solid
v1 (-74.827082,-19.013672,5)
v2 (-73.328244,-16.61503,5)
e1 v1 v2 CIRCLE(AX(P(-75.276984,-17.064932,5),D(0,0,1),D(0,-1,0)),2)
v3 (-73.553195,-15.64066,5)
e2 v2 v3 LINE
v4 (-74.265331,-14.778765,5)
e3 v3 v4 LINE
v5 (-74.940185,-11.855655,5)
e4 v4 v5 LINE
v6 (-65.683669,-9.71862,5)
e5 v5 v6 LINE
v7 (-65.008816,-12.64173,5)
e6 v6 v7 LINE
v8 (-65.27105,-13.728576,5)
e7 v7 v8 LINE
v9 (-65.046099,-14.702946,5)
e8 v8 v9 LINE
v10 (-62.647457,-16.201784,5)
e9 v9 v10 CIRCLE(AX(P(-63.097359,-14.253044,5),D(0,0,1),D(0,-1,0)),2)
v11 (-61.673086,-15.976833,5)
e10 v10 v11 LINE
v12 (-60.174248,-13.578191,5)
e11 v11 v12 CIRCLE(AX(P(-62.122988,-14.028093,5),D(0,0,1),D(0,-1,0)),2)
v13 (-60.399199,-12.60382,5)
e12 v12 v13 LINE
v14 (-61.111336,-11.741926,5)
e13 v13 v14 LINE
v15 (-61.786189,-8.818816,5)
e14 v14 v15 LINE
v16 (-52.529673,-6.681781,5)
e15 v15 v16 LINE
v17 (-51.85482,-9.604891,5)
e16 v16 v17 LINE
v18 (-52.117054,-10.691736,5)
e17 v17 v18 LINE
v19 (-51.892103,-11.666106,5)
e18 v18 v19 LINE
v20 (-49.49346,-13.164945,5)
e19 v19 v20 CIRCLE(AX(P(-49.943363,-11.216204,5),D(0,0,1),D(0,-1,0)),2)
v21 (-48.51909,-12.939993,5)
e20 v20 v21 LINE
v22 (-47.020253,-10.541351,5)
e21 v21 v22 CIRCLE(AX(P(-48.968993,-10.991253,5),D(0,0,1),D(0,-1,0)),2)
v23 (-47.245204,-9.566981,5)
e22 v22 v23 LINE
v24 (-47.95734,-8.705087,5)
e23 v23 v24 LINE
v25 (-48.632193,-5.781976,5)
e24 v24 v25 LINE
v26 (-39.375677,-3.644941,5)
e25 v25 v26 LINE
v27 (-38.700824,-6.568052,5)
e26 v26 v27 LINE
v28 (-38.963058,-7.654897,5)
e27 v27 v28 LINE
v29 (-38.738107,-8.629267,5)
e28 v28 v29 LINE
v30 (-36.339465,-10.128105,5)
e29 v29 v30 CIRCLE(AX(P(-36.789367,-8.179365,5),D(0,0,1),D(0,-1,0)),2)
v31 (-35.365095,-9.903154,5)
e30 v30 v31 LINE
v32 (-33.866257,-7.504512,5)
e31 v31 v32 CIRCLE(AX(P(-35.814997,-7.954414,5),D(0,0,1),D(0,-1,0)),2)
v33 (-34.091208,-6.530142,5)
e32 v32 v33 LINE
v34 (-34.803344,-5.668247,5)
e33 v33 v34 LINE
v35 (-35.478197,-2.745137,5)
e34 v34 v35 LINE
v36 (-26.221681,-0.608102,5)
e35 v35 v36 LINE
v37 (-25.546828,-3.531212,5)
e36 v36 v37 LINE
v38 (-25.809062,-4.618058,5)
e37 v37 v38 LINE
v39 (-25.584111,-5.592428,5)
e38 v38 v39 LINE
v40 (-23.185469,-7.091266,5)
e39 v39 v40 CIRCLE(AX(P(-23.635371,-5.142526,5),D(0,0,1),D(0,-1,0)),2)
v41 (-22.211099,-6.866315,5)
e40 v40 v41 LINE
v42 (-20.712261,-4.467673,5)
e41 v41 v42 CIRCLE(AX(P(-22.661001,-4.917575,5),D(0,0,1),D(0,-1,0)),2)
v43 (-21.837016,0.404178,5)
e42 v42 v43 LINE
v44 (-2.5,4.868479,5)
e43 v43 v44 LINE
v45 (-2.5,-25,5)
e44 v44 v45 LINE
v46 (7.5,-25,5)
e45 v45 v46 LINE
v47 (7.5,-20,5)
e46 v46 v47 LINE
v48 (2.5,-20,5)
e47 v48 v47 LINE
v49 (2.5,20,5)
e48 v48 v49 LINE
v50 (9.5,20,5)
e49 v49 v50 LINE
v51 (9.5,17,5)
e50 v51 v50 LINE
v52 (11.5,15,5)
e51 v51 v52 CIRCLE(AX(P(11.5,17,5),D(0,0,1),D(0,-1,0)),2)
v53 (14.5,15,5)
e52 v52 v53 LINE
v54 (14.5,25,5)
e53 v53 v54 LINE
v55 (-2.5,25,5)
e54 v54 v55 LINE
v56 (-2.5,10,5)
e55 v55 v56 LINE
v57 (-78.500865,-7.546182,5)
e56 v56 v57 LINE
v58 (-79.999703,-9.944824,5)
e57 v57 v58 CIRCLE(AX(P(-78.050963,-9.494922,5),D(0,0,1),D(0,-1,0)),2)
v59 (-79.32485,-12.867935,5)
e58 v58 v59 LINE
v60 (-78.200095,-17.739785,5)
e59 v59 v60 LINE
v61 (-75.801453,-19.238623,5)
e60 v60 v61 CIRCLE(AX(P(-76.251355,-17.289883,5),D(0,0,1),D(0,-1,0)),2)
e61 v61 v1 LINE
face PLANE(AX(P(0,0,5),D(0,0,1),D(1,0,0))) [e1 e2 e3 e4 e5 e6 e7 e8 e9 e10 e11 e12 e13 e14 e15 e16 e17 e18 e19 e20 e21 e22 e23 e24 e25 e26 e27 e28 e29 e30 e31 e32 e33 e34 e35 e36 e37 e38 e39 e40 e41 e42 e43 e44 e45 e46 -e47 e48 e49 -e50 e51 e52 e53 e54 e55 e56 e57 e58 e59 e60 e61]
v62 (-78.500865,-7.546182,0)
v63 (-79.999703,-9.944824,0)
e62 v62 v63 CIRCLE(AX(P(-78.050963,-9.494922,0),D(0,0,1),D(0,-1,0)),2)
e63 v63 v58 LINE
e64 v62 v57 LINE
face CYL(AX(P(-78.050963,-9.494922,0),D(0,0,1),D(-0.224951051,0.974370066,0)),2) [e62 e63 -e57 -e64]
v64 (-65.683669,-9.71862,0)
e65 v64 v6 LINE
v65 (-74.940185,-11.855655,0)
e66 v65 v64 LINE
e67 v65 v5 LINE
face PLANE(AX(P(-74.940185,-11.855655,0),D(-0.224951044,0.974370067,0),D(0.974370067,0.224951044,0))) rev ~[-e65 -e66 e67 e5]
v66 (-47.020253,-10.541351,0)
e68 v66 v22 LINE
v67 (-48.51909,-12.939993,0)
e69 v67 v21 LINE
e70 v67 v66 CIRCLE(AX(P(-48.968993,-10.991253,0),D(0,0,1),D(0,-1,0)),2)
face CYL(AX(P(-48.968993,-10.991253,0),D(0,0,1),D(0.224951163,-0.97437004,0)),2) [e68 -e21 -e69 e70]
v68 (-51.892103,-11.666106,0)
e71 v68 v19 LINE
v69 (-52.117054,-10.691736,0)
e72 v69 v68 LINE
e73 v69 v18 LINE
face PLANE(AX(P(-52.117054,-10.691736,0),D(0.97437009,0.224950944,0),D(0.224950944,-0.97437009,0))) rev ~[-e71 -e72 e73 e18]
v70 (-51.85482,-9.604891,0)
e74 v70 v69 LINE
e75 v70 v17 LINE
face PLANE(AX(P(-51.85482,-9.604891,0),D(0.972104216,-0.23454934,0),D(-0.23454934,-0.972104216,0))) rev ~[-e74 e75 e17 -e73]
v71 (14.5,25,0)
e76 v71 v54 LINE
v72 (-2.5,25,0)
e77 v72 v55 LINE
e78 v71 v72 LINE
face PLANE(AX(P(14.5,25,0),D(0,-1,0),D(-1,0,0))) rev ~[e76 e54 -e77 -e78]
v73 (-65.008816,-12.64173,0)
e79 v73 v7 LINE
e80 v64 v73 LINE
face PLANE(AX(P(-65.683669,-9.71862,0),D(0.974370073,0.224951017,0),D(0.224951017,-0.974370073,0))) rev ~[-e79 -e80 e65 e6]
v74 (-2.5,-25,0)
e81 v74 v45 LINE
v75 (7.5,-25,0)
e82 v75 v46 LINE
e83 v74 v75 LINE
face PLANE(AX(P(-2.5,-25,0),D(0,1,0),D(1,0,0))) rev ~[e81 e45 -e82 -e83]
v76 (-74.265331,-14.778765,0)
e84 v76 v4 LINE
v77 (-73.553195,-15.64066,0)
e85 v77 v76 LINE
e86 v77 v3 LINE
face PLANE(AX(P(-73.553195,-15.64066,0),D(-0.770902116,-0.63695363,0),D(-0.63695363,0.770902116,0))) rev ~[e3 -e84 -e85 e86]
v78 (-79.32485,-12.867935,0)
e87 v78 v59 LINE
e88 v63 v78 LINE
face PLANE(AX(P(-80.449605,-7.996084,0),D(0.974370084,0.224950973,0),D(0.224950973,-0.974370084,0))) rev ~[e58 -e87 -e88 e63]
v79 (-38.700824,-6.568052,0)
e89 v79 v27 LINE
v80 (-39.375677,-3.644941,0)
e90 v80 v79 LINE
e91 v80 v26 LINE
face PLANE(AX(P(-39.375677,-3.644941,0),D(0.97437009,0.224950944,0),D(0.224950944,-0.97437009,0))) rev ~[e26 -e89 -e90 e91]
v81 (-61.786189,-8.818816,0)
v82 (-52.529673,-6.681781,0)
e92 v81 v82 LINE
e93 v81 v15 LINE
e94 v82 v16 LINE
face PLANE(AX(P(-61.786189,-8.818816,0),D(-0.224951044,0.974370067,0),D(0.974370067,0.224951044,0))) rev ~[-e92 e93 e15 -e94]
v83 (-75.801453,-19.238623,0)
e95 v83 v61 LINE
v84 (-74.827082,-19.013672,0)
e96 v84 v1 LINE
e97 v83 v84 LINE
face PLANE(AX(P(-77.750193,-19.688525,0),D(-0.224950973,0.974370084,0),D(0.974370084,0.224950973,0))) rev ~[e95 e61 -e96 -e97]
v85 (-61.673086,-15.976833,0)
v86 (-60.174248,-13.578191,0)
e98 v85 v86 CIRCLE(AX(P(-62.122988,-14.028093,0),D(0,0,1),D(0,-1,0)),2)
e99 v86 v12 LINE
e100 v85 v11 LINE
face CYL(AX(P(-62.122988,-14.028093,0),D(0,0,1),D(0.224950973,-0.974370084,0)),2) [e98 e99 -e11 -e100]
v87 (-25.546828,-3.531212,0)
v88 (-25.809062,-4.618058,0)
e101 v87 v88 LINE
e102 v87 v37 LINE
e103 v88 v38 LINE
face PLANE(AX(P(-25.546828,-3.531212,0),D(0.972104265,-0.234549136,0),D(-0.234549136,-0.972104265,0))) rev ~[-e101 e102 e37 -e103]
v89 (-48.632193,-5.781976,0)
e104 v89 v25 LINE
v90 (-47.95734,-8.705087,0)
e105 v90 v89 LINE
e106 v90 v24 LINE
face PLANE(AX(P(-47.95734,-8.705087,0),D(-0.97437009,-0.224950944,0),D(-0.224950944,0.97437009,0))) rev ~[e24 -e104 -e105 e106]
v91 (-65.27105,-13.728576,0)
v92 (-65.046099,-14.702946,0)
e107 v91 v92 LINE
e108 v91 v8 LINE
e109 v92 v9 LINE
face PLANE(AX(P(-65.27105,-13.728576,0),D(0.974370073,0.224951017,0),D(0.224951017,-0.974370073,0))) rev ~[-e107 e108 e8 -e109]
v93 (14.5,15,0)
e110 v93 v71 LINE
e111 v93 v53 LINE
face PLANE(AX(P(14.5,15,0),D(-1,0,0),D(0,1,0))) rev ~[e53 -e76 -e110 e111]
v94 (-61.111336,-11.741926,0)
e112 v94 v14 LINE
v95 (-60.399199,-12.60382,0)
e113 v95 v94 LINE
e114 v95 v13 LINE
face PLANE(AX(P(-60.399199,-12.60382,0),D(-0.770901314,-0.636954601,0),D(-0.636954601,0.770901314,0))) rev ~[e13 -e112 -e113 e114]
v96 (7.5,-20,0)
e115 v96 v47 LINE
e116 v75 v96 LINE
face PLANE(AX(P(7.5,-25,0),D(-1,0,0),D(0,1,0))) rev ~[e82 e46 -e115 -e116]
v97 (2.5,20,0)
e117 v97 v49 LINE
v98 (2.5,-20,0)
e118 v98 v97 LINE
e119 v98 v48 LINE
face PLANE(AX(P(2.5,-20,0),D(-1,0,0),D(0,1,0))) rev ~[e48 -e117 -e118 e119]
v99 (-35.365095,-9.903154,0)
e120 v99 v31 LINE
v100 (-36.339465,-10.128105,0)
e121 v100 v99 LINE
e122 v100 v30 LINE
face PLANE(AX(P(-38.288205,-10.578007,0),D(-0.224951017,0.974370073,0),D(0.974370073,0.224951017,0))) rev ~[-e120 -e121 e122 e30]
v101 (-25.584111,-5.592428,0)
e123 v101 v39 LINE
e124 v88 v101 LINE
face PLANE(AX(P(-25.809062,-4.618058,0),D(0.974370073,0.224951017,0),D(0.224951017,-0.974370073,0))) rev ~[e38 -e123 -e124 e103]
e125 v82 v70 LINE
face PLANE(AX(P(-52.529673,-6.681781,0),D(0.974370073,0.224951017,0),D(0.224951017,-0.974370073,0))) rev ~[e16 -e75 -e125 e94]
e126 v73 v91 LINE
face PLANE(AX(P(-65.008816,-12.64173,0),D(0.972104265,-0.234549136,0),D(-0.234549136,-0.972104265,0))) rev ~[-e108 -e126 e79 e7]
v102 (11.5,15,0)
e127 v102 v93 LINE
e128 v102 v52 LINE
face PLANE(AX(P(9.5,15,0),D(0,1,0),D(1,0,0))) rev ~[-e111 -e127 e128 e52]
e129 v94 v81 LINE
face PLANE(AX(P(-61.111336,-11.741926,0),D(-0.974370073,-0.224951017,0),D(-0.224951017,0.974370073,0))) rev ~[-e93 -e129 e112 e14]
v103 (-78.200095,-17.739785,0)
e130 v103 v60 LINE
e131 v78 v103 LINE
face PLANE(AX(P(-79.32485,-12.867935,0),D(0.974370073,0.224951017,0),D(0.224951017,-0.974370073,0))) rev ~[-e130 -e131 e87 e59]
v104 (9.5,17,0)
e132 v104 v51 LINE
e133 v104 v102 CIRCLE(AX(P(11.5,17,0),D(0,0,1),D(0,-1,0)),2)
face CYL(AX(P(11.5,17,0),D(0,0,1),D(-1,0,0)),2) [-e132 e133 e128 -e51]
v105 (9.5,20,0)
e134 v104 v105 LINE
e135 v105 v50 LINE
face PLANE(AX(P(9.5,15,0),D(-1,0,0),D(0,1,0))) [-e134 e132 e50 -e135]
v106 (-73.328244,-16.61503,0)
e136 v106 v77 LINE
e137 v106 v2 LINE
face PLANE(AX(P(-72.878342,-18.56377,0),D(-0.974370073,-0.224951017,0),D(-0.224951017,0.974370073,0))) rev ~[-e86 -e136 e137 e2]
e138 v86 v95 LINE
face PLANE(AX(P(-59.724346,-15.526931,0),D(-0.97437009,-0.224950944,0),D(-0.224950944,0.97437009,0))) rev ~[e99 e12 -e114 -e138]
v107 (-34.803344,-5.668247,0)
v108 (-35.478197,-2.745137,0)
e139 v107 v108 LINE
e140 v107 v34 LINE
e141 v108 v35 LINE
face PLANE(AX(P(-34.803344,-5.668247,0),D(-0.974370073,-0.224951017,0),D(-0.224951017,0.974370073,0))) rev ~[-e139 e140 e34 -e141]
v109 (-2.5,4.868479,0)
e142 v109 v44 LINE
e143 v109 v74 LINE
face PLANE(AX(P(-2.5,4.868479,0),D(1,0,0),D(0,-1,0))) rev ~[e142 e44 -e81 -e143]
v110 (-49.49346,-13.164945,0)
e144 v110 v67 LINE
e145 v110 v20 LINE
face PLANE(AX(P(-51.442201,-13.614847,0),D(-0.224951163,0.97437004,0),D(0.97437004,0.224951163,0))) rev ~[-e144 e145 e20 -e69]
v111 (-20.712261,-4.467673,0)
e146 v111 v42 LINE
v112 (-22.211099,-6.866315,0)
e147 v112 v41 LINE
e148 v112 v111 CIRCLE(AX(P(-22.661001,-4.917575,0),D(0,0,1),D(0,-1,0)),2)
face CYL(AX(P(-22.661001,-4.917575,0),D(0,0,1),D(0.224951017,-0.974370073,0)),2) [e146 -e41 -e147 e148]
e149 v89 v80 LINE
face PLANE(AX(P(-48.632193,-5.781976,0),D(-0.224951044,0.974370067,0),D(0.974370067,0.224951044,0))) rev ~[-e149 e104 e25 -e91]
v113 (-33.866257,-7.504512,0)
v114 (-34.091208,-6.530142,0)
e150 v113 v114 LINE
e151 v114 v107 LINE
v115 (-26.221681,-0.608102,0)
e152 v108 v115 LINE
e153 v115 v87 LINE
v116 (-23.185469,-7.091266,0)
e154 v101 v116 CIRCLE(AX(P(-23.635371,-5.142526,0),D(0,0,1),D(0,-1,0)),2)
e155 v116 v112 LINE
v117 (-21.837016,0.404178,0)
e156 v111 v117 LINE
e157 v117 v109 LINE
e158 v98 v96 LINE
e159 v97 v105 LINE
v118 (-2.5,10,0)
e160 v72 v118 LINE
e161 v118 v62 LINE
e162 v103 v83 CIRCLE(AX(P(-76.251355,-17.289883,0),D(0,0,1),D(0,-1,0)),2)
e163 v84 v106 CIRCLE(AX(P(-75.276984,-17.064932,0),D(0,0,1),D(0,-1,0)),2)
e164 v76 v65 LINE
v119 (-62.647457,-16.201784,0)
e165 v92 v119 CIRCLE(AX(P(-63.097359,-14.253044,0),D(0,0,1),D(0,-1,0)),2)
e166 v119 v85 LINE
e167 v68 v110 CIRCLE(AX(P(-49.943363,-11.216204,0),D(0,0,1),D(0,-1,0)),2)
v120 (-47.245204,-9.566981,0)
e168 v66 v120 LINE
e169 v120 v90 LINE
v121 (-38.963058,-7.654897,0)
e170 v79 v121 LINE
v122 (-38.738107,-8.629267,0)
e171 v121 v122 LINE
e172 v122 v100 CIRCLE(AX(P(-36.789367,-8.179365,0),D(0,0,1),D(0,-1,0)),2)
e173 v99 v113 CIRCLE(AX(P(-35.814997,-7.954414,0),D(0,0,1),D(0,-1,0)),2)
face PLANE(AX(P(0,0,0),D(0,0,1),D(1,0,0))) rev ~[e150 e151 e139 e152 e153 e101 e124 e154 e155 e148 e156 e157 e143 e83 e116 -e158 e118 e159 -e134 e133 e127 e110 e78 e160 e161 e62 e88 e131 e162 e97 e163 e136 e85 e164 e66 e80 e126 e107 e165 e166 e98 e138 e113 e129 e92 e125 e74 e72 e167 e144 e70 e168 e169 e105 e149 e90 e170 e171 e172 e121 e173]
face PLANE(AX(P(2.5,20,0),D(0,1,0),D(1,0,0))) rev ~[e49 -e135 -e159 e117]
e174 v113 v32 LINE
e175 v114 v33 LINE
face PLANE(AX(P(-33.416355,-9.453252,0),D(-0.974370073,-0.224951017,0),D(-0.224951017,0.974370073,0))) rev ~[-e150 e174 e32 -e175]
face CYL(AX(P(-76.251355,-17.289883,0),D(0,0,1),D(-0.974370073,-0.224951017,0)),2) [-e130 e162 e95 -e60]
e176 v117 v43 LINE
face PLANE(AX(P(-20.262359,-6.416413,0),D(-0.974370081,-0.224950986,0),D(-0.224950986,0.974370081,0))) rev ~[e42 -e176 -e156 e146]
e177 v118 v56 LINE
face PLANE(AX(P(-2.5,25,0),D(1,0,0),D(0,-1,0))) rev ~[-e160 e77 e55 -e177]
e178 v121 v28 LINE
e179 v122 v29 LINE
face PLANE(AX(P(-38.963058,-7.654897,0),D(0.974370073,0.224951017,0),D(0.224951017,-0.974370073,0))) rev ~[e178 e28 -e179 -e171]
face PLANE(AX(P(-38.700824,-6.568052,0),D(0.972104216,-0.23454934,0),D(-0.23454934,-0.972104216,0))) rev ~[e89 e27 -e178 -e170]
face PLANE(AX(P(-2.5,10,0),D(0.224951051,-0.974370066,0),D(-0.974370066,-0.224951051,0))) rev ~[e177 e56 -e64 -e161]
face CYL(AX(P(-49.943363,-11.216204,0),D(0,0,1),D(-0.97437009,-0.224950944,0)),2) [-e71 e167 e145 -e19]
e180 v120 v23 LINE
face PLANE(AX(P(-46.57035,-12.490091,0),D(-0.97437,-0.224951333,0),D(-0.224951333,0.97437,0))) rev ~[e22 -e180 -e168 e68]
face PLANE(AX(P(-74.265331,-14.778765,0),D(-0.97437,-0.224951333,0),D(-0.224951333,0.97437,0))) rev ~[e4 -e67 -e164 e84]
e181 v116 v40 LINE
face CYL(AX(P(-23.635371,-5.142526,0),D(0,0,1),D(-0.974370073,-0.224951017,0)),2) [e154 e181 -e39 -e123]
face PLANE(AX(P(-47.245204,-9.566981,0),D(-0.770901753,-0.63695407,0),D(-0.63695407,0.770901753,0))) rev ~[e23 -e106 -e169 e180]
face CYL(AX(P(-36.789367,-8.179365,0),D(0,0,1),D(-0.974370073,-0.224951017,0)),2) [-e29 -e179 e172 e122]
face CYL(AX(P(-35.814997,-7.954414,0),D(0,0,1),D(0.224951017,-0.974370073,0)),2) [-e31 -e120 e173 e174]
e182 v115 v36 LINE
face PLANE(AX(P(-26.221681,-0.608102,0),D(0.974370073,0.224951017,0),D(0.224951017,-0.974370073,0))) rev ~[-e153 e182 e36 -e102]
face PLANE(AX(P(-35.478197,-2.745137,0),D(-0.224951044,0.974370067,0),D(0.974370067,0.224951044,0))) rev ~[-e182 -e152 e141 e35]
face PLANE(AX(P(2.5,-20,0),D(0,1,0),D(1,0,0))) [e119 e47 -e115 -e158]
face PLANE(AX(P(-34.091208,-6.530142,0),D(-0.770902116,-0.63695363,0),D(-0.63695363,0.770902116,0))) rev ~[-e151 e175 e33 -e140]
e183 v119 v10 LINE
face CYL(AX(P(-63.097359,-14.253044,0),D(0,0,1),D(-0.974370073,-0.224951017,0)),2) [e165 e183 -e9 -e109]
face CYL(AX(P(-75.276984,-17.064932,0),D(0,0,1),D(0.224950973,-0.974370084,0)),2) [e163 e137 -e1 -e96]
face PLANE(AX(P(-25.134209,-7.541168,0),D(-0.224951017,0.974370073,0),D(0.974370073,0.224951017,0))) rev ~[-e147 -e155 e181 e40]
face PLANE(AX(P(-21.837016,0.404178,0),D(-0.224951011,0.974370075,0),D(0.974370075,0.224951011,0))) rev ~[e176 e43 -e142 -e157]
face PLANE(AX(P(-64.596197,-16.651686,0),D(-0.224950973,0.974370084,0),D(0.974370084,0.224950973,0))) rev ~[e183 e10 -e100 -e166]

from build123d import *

# Parameters (mm, degrees)
F0_W     = 5
F0_H     = 5
F1_DEPTH = 5
F2_R     = 2


with BuildPart() as f1:
    # F0 (on Top) → F1 (new body)
    with BuildSketch(Plane.XY):
        Polygon((2.5, 20), (2.5, 25), (-2.5, 25), (-2.5, 10), (-2.5, 4.868479), (-2.5, -25), (2.5, -25), (2.5, -20), align=None)
        Polygon((14.5, 25), (2.5, 25), (2.5, 20), (9.5, 20), (14.5, 20), align=None)
        Polygon((-2.5, 4.868479), (-2.5, 10), (-80.449605, -7.996084), (-79.32485, -12.867935), (-74.940185, -11.855655), (-65.683669, -9.71862), (-61.786189, -8.818816), (-52.529673, -6.681781), (-48.632193, -5.781976), (-39.375677, -3.644941), (-35.478197, -2.745137), (-26.221681, -0.608102), (-21.837016, 0.404178), align=None)
        with Locations((5, -22.5)):
            Rectangle(F0_W, F0_H)
        with Locations((12, 17.5)):
            Rectangle(F0_W, F0_H)
        Polygon((-20.262359, -6.416413), (-21.837016, 0.404178), (-26.221681, -0.608102), (-25.546828, -3.531212), (-25.809062, -4.618058), (-25.134209, -7.541168), align=None)
        Polygon((-74.940185, -11.855655), (-79.32485, -12.867935), (-77.750193, -19.688525), (-72.878342, -18.56377), (-73.553195, -15.64066), (-74.265331, -14.778765), align=None)
        Polygon((-34.803344, -5.668247), (-35.478197, -2.745137), (-39.375677, -3.644941), (-38.700824, -6.568052), (-38.963058, -7.654897), (-38.288205, -10.578007), (-33.416355, -9.453252), (-34.091208, -6.530142), align=None)
        Polygon((-61.786189, -8.818816), (-65.683669, -9.71862), (-65.008816, -12.64173), (-65.27105, -13.728576), (-64.596197, -16.651686), (-59.724346, -15.526931), (-60.399199, -12.60382), (-61.111336, -11.741926), align=None)
        Polygon((-47.95734, -8.705087), (-48.632193, -5.781976), (-52.529673, -6.681781), (-51.85482, -9.604891), (-52.117054, -10.691736), (-51.442201, -13.614847), (-46.57035, -12.490091), (-47.245204, -9.566981), align=None)
    extrude(amount=F1_DEPTH)

    # F2
    f2_edges = [f1.edges().sort_by_distance(p)[0] for p in [
        (-72.878342, -18.56377, 2.5),
        (-64.596197, -16.651686, 2.5),
        (-59.724346, -15.526931, 2.5),
        (-51.442201, -13.614847, 2.5),
        (-46.57035, -12.490091, 2.5),
        (-38.288205, -10.578007, 2.5),
        (-33.416355, -9.453252, 2.5),
        (-25.134209, -7.541168, 2.5),
        (-77.750193, -19.688525, 2.5),
        (-80.449605, -7.996084, 2.5),
        (-20.262359, -6.416413, 2.5),
        (9.5, 15, 2.5),
    ]]
    fillet(f2_edges, radius=F2_R)


solid = f1.part
